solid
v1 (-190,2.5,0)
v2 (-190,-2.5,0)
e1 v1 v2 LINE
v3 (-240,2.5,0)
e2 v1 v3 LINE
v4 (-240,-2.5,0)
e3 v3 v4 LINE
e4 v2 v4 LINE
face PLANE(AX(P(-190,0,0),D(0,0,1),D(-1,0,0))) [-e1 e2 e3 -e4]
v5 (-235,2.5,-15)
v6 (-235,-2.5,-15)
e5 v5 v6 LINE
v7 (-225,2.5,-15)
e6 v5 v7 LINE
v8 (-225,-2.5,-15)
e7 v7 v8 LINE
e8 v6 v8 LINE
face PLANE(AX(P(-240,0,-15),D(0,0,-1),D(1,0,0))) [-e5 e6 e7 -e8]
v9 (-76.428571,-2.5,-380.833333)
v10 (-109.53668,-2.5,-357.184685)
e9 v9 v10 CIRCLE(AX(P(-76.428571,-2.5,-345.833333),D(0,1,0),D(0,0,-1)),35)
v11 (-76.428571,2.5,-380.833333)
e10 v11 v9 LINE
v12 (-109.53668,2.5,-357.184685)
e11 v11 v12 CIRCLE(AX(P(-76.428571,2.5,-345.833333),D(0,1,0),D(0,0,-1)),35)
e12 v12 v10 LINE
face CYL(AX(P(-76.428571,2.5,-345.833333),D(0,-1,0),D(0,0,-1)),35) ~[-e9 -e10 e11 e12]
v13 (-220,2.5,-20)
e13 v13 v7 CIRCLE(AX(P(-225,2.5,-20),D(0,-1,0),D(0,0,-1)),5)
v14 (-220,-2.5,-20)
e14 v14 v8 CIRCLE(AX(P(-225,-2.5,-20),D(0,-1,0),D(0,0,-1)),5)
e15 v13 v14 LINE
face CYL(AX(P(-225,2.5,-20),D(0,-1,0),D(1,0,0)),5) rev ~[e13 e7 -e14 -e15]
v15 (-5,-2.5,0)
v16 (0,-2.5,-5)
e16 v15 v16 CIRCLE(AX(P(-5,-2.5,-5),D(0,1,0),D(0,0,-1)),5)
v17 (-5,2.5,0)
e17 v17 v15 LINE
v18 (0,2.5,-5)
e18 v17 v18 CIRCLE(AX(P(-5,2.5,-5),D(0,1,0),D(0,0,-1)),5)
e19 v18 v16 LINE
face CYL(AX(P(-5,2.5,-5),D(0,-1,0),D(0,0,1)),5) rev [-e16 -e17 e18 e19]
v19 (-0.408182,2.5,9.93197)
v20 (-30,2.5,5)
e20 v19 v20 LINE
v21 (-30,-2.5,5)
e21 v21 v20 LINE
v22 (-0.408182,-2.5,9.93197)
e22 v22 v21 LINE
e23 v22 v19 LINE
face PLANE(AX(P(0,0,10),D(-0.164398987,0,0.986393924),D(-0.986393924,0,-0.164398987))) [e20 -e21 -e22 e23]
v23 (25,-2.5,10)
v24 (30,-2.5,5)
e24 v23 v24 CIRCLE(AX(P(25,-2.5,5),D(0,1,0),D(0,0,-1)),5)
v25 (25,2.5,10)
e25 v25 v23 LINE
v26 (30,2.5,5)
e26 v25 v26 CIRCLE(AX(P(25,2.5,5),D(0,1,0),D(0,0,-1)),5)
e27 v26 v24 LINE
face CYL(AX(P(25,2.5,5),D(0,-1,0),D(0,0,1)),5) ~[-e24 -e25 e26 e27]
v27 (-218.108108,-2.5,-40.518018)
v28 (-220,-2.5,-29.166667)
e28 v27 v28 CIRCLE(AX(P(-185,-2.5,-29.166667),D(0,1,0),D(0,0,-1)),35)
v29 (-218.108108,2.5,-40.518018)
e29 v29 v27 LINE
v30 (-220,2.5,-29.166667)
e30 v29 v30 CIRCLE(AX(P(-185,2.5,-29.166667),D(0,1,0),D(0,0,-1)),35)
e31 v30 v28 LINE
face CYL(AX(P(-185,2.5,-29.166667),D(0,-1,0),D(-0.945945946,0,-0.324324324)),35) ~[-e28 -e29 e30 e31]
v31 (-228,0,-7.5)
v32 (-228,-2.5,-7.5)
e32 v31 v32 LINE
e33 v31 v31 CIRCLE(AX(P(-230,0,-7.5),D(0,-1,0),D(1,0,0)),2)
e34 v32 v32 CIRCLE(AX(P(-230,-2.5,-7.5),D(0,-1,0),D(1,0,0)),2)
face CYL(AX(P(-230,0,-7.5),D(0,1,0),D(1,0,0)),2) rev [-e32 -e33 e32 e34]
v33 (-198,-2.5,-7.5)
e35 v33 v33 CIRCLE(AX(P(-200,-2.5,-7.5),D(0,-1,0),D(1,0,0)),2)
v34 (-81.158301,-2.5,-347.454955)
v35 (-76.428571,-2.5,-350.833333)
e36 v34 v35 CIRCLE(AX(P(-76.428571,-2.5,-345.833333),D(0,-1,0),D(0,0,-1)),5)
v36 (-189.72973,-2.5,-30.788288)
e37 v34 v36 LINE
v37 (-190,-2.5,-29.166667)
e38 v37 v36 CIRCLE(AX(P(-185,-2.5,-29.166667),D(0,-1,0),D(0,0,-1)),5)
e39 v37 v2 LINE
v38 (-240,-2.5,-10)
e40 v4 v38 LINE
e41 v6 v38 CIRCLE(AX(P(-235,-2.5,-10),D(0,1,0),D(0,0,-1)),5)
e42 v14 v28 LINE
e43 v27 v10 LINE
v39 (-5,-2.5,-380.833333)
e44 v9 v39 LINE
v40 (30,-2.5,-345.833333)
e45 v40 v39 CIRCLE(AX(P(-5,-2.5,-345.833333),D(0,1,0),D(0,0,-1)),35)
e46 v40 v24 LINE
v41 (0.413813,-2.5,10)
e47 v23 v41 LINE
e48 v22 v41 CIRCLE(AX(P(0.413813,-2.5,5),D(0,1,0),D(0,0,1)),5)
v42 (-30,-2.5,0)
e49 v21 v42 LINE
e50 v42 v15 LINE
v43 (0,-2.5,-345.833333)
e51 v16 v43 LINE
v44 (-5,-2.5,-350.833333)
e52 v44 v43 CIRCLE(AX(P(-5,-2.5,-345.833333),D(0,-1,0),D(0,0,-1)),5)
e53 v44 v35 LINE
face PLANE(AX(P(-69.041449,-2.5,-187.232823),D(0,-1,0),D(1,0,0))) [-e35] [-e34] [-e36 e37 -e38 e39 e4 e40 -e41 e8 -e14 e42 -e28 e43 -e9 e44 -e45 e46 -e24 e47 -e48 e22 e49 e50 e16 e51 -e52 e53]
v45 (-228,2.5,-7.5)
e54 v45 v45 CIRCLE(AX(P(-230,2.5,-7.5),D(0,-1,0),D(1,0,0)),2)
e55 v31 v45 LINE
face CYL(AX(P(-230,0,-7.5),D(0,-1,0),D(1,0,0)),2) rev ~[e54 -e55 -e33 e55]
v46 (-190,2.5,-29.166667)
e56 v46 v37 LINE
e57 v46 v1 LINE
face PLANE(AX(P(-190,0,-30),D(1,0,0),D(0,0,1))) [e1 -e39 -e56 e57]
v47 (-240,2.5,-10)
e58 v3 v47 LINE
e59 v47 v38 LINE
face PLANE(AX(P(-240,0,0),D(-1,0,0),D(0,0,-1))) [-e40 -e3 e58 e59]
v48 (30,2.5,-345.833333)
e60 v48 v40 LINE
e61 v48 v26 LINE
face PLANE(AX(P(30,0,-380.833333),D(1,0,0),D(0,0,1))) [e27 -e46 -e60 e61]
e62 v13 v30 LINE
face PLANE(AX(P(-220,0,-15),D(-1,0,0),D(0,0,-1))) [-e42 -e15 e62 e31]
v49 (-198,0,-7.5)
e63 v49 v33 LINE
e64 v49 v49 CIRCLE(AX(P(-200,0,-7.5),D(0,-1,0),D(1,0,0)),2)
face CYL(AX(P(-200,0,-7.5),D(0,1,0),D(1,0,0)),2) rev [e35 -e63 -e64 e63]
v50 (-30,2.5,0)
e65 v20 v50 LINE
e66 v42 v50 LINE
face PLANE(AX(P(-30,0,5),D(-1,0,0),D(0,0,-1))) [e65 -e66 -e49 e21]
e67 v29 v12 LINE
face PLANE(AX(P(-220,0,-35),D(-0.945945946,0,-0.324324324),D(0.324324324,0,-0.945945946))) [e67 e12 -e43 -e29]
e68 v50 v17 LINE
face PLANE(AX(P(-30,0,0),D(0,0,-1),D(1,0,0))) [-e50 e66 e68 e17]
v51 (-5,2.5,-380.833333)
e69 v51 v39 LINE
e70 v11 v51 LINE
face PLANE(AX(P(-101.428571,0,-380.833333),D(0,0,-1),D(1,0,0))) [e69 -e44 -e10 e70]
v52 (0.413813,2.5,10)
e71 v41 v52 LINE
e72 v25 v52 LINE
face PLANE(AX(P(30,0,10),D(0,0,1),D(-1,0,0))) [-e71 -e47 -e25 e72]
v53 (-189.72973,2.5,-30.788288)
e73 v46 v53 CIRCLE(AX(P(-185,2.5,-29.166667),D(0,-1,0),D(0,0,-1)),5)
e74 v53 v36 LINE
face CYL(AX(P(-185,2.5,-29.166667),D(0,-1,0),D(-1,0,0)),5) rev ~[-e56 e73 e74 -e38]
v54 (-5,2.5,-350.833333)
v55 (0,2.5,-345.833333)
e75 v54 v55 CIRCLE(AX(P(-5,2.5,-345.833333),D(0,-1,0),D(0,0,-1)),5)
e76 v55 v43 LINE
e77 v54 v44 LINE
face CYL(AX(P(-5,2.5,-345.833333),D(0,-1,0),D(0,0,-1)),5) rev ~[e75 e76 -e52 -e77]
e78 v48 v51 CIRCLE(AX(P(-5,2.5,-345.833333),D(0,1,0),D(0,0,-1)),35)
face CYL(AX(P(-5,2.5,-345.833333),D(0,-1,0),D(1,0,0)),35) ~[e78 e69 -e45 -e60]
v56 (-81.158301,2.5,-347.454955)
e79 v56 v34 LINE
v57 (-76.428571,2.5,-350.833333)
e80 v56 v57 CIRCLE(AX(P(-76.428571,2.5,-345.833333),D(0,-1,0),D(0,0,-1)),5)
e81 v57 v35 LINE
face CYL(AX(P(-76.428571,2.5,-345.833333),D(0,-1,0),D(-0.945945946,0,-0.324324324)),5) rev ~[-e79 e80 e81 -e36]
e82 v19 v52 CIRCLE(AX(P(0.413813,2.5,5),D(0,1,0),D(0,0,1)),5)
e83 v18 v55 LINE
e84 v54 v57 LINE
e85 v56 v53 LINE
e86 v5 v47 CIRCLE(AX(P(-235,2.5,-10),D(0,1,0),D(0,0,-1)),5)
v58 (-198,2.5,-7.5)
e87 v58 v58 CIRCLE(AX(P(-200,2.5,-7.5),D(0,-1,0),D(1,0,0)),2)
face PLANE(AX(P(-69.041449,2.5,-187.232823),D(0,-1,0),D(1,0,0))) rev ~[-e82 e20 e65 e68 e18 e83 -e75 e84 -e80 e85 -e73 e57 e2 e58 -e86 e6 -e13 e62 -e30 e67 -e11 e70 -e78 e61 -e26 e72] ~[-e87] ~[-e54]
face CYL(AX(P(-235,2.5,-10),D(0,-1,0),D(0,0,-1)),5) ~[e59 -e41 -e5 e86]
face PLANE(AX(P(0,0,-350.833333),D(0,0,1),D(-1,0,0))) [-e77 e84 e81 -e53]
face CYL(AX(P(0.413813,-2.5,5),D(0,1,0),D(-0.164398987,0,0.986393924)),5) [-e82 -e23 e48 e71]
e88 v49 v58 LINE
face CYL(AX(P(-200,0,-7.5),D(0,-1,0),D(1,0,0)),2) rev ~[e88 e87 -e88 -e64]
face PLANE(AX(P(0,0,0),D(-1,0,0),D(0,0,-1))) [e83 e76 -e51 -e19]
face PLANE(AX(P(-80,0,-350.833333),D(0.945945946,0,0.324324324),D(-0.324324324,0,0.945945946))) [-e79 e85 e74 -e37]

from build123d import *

# Parameters (mm, degrees)
F1_DEPTH      = 2.5
F2_R          = 5
F3_R          = 35
F4_R          = 2
F5_DEPTH      = 2.5
F5_DEPTH_BACK = 2.5


with BuildPart() as f1:
    # F0 (on Front) → F1 (new body, symmetric)
    with BuildSketch(Plane.XZ):
        Polygon((-30, 0), (0, 0), (0, -350.8333333333), (-80, -350.8333333333), (-190, -30), (-190, 0), (-240, 0), (-240, -15), (-220, -15), (-220, -35), (-101.4285714286, -380.8333333333), (30, -380.8333333333), (30, 10), (0, 10), (-30, 5), align=None)
    extrude(amount=F1_DEPTH, both=True)

    # F2
    f2_edges = [f1.edges().sort_by_distance(p)[0] for p in [
        (-240, 0, -15),
        (-220, 0, -15),
        (30, 0, 10),
        (0, 0, 10),
        (0, 0, 0),
        (0, 0, -350.833333),
        (-80, 0, -350.833333),
        (-190, 0, -30),
    ]]
    fillet(f2_edges, radius=F2_R)

    # F3
    f3_edges = [f1.edges().sort_by_distance(p)[0] for p in [
        (-220, 0, -35),
        (-101.428571, 0, -380.833333),
        (30, 0, -380.833333),
    ]]
    fillet(f3_edges, radius=F3_R)

    # F4 (on Front) → F5 (cut, two sides)
    with BuildSketch(Plane.XZ) as f5_sk:
        with Locations((-230, -7.5)):
            Circle(F4_R)
        with Locations((-200, -7.5)):
            Circle(F4_R)
    extrude(amount=F5_DEPTH, mode=Mode.SUBTRACT)
    extrude(f5_sk.sketch, amount=-F5_DEPTH_BACK, mode=Mode.SUBTRACT)


solid = f1.part
